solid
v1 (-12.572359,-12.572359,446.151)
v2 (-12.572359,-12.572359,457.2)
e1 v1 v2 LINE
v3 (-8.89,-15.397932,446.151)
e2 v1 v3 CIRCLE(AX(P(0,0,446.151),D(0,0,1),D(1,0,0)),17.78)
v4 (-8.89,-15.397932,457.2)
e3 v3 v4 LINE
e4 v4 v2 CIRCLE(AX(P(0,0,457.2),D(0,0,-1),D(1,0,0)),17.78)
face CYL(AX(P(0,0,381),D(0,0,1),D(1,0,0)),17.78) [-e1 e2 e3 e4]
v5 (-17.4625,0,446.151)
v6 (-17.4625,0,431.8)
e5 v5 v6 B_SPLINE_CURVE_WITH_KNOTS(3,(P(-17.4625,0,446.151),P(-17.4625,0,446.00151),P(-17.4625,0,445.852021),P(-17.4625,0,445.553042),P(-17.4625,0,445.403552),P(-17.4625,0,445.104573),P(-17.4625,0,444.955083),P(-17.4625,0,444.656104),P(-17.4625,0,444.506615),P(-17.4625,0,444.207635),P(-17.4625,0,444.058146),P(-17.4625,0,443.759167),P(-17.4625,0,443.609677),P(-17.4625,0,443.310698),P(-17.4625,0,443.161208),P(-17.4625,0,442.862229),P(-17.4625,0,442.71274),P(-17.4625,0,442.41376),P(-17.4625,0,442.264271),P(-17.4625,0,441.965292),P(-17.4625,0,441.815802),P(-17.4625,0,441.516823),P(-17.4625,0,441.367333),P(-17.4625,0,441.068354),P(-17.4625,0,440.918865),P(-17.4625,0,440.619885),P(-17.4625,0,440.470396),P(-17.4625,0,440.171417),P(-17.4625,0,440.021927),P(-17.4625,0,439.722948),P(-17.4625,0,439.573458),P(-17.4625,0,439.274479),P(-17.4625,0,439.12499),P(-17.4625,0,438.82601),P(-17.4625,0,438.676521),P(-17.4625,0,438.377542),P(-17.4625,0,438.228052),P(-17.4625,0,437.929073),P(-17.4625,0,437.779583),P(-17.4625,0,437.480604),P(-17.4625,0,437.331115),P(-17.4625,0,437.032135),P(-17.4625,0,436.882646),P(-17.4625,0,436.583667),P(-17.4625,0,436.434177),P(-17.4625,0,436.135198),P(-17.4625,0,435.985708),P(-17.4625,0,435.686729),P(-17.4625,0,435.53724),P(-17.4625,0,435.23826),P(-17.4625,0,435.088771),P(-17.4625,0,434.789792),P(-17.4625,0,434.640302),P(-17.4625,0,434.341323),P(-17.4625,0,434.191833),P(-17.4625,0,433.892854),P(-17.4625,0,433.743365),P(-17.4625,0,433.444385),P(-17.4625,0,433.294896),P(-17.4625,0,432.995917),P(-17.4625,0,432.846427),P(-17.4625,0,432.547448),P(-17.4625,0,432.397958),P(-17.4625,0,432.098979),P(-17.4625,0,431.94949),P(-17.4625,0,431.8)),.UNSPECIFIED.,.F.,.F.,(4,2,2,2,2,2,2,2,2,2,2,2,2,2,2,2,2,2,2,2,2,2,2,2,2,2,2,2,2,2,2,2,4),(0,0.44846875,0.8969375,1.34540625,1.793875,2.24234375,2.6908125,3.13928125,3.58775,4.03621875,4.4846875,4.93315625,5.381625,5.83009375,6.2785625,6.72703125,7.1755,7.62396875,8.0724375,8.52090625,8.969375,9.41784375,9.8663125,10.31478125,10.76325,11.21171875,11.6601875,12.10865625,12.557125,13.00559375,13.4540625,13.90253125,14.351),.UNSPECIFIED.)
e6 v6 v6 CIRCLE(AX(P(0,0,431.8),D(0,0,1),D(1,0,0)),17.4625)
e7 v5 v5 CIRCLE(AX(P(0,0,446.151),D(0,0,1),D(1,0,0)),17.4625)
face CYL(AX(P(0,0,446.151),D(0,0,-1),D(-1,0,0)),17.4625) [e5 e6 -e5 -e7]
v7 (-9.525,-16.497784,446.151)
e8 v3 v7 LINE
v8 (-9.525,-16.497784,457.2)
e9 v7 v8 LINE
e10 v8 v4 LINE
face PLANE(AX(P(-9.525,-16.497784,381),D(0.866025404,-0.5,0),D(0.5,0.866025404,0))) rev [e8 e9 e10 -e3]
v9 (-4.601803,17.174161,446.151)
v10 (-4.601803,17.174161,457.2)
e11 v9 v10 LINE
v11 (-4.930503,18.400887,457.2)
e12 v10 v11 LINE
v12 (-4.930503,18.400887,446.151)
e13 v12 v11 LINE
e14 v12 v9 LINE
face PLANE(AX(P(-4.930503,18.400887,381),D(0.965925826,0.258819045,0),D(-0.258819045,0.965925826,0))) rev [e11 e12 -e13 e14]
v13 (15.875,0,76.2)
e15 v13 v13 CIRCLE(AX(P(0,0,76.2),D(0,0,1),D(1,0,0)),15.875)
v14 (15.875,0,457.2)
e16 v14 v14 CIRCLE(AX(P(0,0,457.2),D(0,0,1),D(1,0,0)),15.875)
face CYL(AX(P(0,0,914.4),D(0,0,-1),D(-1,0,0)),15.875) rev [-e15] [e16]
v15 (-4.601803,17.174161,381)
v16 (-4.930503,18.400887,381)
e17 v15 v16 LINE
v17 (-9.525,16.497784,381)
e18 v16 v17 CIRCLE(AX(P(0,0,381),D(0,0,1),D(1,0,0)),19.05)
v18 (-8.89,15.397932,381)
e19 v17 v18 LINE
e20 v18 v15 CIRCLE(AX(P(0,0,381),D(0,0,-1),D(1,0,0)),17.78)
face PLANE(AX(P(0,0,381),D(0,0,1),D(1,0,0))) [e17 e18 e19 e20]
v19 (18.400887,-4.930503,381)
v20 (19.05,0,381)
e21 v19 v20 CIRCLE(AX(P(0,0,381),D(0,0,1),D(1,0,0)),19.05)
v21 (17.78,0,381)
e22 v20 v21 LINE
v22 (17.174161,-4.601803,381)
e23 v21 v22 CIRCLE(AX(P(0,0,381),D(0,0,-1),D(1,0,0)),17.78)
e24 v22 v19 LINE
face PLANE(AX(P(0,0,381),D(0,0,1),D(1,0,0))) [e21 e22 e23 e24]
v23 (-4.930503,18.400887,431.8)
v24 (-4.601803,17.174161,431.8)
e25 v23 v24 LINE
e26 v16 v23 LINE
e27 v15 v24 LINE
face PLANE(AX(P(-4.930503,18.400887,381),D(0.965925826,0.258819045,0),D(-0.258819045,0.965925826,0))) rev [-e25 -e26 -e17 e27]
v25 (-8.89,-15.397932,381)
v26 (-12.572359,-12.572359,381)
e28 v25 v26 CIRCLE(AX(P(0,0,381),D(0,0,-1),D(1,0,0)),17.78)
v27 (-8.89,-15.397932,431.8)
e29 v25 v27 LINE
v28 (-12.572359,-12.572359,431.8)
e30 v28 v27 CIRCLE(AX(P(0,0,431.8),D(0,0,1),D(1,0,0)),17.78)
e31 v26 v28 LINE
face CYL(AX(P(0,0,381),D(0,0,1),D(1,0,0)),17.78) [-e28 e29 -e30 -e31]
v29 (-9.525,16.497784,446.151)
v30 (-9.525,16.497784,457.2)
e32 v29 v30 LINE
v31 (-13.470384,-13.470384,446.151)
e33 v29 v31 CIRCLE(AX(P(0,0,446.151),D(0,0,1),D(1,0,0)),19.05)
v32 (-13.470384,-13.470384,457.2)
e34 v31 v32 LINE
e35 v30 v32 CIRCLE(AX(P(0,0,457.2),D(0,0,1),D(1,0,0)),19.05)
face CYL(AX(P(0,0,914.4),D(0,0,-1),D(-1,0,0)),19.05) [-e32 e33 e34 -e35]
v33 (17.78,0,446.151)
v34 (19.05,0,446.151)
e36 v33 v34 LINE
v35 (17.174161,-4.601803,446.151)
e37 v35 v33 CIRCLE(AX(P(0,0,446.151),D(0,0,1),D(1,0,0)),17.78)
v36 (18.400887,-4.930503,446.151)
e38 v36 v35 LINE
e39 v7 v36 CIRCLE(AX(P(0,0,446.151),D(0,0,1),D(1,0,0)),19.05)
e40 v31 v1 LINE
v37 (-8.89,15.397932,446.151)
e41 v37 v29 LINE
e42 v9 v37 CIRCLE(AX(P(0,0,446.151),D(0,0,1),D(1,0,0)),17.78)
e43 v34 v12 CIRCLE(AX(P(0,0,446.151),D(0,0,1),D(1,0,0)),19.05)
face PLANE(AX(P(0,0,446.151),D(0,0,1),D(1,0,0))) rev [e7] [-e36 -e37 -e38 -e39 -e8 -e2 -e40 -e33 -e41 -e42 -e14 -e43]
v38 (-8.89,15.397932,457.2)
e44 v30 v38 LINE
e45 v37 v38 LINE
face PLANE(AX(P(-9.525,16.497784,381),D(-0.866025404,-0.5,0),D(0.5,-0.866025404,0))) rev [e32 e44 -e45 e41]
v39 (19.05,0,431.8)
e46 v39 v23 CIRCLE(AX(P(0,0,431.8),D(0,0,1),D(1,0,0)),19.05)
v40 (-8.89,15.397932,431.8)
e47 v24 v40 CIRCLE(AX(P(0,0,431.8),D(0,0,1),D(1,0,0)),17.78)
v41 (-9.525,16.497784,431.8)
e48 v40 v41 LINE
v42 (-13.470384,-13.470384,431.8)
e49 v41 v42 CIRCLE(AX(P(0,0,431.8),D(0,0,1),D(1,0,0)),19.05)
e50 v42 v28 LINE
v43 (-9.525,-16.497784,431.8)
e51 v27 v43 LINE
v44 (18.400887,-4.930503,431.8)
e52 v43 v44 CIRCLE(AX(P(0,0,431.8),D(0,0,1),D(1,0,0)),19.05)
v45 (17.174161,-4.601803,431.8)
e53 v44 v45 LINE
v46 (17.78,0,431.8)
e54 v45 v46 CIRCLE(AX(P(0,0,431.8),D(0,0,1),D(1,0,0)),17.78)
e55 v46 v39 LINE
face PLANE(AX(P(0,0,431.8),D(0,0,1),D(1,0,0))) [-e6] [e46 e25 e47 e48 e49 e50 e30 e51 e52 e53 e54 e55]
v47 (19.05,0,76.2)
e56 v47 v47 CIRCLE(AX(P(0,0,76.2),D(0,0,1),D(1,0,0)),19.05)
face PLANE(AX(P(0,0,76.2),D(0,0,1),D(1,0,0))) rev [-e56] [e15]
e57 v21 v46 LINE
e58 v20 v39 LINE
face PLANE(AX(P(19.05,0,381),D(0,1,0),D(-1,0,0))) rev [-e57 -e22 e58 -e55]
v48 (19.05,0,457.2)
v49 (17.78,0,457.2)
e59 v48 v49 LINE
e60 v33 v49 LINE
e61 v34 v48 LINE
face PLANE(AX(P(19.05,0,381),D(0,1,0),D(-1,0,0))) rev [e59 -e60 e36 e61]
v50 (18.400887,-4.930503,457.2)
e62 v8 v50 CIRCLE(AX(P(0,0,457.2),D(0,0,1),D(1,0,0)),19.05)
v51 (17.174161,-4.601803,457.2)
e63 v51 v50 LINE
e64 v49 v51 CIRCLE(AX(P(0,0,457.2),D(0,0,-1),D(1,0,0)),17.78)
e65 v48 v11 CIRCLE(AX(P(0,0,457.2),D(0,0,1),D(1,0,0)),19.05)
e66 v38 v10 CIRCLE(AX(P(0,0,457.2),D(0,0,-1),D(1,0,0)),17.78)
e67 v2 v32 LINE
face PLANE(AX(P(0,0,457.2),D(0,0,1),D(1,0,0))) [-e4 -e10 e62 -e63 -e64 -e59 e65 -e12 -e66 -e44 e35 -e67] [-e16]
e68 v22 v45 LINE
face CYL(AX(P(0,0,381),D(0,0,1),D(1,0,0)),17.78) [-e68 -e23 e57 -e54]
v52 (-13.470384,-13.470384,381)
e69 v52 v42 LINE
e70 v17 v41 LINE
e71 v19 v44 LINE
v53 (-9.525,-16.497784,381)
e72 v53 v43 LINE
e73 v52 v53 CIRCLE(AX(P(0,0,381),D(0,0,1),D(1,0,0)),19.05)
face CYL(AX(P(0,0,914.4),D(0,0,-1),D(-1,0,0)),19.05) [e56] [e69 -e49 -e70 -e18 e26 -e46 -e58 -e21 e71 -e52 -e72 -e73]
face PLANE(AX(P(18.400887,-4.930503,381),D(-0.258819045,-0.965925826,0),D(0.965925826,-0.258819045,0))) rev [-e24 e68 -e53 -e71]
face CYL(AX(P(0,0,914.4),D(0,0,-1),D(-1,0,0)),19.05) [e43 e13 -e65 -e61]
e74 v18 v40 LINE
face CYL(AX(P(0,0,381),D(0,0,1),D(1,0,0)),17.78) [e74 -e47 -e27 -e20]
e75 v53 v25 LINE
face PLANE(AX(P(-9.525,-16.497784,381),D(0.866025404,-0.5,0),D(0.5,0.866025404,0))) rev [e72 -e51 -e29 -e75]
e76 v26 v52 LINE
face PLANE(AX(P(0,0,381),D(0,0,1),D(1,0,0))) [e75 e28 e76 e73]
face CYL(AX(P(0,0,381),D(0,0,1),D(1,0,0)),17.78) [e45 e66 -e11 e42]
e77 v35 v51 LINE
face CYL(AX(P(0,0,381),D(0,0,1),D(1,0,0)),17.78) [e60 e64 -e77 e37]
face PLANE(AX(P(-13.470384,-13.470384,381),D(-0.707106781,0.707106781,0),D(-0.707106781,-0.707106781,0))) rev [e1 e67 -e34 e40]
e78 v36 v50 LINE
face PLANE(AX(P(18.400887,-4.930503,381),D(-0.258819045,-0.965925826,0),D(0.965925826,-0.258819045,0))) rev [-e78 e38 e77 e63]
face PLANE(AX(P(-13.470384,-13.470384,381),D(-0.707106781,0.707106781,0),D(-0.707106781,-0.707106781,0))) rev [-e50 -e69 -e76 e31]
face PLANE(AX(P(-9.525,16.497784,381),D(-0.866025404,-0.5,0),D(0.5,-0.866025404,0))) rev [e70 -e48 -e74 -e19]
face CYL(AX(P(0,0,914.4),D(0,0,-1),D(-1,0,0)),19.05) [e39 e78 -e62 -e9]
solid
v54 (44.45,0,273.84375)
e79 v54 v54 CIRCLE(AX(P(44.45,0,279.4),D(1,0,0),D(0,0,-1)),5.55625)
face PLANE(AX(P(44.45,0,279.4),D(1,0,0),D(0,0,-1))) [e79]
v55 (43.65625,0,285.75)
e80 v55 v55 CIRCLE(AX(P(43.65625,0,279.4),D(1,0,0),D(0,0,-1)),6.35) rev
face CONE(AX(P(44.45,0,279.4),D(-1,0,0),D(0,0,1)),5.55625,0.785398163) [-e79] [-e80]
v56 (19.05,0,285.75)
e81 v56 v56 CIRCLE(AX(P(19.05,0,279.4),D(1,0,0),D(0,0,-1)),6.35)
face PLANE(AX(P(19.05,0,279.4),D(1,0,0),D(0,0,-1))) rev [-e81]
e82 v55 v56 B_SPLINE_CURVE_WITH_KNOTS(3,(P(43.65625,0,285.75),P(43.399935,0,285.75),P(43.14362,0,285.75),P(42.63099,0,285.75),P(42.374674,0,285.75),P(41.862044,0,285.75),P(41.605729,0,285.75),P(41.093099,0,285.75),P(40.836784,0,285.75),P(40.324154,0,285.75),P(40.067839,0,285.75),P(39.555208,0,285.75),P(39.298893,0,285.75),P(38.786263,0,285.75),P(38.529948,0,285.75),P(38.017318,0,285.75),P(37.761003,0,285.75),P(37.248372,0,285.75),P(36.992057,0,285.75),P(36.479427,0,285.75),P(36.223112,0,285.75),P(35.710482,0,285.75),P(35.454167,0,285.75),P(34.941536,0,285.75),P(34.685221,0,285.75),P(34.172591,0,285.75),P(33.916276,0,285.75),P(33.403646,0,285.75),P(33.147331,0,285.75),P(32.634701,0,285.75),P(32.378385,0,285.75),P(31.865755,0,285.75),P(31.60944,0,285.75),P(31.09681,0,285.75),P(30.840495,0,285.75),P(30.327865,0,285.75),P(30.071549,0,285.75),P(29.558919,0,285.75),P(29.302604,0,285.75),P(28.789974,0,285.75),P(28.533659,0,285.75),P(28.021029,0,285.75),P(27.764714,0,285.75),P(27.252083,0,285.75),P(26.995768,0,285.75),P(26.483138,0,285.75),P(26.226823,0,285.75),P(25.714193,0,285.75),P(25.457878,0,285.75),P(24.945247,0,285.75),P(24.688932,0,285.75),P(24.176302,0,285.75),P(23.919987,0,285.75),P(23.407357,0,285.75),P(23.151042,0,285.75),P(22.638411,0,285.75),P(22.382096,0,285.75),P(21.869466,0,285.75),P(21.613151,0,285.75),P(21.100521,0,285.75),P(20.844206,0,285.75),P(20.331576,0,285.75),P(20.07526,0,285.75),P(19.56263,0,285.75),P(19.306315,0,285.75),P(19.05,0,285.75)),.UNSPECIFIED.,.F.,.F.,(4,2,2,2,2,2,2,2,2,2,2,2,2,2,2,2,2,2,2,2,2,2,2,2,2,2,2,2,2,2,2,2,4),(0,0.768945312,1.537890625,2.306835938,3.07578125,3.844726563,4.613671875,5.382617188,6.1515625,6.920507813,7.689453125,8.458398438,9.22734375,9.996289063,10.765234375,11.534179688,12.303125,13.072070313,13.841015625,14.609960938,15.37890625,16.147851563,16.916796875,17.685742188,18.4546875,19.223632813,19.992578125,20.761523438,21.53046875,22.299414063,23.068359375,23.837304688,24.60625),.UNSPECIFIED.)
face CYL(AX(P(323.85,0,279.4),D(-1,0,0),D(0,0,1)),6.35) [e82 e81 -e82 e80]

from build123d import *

# Parameters (mm, degrees)
SKETCH1_R             = 19.05
SKETCH1_R_2           = 15.875
EXTRUDE_1968T51_DEPTH = 914.4
SKETCH2_R             = 19.05
CUT_EXTRUDE1_DEPTH    = 76.2
SKETCH3_R             = 6.35
EXTRUDE_9061K36_DEPTH = 304.8
SKETCH5_R             = 6.35
CUT_EXTRUDE3_DEPTH    = 279.4
CHAMFER1_SIZE         = 0.79375
CUT_EXTRUDE4_START    = -457.2
SKETCH6_R             = 19.05
CUT_EXTRUDE4_DEPTH    = 457.2
CUT_EXTRUDE5_START    = -76.2
CUT_EXTRUDE5_DEPTH    = 76.2
CUT_EXTRUDE6_START    = -25.4
SKETCH8_R             = 19.05
SKETCH8_R_2           = 17.4625
CUT_EXTRUDE6_DEPTH    = 14.351


with BuildPart() as part:
    # Sketch1 → Extrude 1968T51 (new body)
    with BuildSketch(Plane.XY):
        Circle(SKETCH1_R)
        Circle(SKETCH1_R_2, mode=Mode.SUBTRACT)
    extrude(amount=EXTRUDE_1968T51_DEPTH)

    # Sketch2 → Cut-Extrude1 (cut)
    with BuildSketch(Plane.XY):
        Circle(SKETCH2_R)
    extrude(amount=CUT_EXTRUDE1_DEPTH, mode=Mode.SUBTRACT)

    # Sketch6 → Cut-Extrude4 (cut)
    with BuildSketch(Plane.XY.offset(914.4).offset(CUT_EXTRUDE4_START)):
        Circle(SKETCH6_R)
    extrude(amount=CUT_EXTRUDE4_DEPTH, mode=Mode.SUBTRACT)

    # Sketch7 → Cut-Extrude5 (cut)
    with BuildSketch(Plane.XY.offset(457.2).offset(CUT_EXTRUDE5_START)):
        with BuildLine():
            Line((19.05, 0), (17.78, 0))
            ThreePointArc((17.78, 0), (17.627889635, -2.320755698), (17.174161191, -4.601802622))
            Line((17.174161191, -4.601802622), (18.400886991, -4.930502809))
            ThreePointArc((18.400886991, -4.930502809), (18.887024609, -2.486523962), (19.05, 0))
        make_face()
        with BuildLine():
            Line((-9.525, -16.497783942), (-8.89, -15.397931679))
            ThreePointArc((-8.89, -15.397931679), (-10.823778208, -14.10582239), (-12.572358569, -12.572358569))
            Line((-12.572358569, -12.572358569), (-13.470384182, -13.470384182))
            ThreePointArc((-13.470384182, -13.470384182), (-11.596905223, -15.113381133), (-9.525, -16.497783942))
        make_face()
        with BuildLine():
            Line((-9.525, 16.497783942), (-8.89, 15.397931679))
            ThreePointArc((-8.89, 15.397931679), (-6.804111427, 16.426578088), (-4.601802622, 17.174161191))
            Line((-4.601802622, 17.174161191), (-4.930502809, 18.400886991))
            ThreePointArc((-4.930502809, 18.400886991), (-7.290119387, 17.599905094), (-9.525, 16.497783942))
        make_face()
    extrude(amount=CUT_EXTRUDE5_DEPTH, mode=Mode.SUBTRACT)

    # Sketch8 → Cut-Extrude6 (cut)
    with BuildSketch(Plane.XY.offset(457.2).offset(CUT_EXTRUDE6_START)):
        Circle(SKETCH8_R)
        with Locations(Location((0, 0, 0), (0, 0, 180))):
            Circle(SKETCH8_R_2, mode=Mode.SUBTRACT)
    extrude(amount=CUT_EXTRUDE6_DEPTH, mode=Mode.SUBTRACT)


with BuildPart() as body_2:
    # Sketch3 → Extrude 9061K36 (new body)
    with BuildSketch(Plane(origin=(19.05, 0, 0), x_dir=(0, 0, -1), z_dir=(1, 0, 0))):
        with Locations(Location((-279.4, 0, 0), (0, 0, 180))):
            Circle(SKETCH3_R)
    extrude(amount=EXTRUDE_9061K36_DEPTH)

    # Sketch5 → Cut-Extrude3 (cut)
    with BuildSketch(Plane(origin=(323.85, 0, 0), x_dir=(0, 0, -1), z_dir=(1, 0, 0))):
        with Locations(Location((-279.4, 0, 0), (0, 0, 180))):
            Circle(SKETCH5_R)
    extrude(amount=-CUT_EXTRUDE3_DEPTH, mode=Mode.SUBTRACT)

    # Chamfer1
    chamfer1_edges = [body_2.edges().sort_by_distance(p)[0] for p in [
        (44.45, 0, 273.05),
    ]]
    chamfer(chamfer1_edges, length=CHAMFER1_SIZE)


solid = Compound([part.part, body_2.part])
